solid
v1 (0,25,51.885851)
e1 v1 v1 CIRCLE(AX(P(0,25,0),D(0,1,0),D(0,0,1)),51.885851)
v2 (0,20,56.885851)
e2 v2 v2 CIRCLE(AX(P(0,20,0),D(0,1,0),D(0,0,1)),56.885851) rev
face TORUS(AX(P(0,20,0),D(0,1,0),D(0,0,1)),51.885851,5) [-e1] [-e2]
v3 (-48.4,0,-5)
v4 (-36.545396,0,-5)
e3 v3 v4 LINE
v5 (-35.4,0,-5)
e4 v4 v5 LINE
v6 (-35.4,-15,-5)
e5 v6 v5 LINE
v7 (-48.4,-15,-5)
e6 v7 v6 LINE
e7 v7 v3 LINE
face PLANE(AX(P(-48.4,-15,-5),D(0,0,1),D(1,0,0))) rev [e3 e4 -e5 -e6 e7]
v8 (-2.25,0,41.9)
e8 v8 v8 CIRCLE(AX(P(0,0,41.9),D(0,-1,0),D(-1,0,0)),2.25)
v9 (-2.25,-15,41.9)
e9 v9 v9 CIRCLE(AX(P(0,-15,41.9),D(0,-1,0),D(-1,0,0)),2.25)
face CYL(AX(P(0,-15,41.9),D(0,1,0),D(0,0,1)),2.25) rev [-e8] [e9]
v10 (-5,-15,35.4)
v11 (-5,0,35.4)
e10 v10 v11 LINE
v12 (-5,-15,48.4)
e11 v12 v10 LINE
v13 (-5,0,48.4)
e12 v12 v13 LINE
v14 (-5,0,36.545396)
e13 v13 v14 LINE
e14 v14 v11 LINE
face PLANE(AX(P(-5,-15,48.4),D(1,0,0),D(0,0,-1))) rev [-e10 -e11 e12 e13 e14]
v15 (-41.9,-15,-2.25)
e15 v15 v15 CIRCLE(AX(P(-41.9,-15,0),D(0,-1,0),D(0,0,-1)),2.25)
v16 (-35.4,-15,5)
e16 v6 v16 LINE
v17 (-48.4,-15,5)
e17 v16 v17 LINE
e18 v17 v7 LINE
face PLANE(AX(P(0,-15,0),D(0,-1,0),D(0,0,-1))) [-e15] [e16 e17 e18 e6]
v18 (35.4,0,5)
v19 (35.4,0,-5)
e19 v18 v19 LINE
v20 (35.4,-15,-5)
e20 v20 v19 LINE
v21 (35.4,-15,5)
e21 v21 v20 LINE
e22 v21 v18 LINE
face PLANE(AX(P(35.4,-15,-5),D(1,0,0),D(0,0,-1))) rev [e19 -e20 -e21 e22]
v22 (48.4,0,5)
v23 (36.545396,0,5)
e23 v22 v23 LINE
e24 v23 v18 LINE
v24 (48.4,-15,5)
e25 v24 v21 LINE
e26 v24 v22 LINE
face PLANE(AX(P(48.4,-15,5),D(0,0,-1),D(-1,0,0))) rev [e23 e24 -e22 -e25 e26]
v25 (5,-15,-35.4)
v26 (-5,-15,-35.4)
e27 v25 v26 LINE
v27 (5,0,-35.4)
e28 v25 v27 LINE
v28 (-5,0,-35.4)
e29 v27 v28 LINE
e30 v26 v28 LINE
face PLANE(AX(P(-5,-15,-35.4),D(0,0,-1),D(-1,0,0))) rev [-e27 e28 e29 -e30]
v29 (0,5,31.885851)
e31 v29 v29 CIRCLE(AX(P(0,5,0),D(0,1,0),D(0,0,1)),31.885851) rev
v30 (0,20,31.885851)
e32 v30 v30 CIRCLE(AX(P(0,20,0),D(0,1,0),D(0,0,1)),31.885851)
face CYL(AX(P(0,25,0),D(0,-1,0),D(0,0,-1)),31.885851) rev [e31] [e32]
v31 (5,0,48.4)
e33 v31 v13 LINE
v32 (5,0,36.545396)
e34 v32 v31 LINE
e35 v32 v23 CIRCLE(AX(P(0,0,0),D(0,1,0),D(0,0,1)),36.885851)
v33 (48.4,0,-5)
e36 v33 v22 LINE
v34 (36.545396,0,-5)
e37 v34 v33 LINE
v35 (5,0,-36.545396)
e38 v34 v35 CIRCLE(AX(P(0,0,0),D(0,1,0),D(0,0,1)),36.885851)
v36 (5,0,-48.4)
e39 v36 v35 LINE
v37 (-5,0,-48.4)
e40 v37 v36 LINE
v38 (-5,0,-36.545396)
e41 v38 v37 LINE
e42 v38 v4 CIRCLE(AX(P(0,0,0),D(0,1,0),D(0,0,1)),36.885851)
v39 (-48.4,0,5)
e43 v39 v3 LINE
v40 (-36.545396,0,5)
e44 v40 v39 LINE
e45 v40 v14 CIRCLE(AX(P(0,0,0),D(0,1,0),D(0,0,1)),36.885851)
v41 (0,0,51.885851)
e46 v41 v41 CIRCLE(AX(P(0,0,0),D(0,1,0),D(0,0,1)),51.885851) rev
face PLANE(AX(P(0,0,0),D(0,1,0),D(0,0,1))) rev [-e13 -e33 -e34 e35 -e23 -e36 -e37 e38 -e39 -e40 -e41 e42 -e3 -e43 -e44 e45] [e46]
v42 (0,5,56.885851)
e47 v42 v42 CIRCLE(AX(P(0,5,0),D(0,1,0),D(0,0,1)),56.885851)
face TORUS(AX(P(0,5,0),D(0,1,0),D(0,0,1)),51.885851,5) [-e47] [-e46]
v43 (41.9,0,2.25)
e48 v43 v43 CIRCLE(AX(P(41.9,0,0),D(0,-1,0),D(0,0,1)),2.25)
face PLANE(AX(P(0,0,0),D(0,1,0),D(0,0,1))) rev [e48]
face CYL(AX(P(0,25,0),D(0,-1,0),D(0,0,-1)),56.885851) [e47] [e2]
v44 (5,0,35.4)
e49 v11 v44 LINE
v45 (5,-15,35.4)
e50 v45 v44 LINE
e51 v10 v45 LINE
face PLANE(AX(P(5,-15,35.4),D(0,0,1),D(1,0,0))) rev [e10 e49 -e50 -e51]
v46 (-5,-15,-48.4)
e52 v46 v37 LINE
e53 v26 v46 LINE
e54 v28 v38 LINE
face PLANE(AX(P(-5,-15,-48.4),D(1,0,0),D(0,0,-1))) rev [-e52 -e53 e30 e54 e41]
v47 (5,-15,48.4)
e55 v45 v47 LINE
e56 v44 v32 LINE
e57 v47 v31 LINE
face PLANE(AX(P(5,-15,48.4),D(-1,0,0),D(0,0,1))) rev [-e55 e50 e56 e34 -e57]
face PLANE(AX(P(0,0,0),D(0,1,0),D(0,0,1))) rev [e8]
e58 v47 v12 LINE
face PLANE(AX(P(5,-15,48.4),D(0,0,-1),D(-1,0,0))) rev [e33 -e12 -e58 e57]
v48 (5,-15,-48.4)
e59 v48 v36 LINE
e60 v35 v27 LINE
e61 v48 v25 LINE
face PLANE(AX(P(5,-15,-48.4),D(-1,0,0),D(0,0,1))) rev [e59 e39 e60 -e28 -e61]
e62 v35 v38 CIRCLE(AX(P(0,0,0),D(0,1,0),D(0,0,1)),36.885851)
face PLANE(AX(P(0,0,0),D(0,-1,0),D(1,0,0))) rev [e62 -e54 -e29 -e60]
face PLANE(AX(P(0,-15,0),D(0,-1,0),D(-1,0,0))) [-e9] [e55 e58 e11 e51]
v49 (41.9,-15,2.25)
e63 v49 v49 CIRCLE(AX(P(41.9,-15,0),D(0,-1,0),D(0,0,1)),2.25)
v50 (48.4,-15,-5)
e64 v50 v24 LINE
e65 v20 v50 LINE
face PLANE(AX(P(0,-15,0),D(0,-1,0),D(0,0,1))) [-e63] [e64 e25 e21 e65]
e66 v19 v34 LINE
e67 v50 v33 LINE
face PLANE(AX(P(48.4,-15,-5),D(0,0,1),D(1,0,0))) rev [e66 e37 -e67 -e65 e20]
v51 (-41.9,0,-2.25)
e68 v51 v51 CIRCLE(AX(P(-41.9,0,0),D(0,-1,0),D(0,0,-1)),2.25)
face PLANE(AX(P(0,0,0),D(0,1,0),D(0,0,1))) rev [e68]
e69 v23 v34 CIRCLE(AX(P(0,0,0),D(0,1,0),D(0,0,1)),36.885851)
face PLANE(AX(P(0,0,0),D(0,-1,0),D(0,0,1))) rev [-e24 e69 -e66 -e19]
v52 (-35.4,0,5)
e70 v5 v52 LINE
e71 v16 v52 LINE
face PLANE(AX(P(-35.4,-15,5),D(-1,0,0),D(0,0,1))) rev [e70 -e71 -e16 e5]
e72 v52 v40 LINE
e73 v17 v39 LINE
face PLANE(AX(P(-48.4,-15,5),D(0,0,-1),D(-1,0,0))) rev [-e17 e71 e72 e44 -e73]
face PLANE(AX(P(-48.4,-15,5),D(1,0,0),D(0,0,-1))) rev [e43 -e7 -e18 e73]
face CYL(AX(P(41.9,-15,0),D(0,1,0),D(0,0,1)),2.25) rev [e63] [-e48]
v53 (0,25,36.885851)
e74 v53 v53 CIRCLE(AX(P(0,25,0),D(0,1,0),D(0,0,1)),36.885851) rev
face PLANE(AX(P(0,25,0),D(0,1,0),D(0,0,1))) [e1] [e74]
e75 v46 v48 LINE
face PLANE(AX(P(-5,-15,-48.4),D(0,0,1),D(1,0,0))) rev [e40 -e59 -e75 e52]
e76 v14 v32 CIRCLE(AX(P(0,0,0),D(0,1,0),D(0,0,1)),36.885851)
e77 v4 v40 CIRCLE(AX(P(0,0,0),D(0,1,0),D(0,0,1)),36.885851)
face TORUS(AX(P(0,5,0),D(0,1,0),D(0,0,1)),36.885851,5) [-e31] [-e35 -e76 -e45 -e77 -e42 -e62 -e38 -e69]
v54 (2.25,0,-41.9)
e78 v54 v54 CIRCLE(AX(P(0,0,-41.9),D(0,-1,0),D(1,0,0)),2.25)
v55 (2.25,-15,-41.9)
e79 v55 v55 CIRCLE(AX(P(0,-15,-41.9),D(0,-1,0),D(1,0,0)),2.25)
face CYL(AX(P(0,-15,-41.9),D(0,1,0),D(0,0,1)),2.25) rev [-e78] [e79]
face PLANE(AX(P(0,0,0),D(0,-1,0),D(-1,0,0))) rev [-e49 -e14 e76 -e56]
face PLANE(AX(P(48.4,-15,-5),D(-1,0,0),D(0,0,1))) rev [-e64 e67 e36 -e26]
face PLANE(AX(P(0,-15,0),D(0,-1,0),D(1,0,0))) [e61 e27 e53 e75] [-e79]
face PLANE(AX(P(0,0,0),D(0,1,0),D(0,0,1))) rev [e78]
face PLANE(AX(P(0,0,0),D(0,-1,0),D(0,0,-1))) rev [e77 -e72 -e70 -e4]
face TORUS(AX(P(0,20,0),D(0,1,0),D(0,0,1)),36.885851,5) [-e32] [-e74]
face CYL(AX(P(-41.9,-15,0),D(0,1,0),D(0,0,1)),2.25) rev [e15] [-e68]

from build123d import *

# Parameters (mm, degrees)
SKETCH_1_R               = 56.885850613
SKETCH_1_R_2             = 31.885850613
EXTRUDE_1_DEPTH          = 25
FILLET_1_R               = 5
SKETCH_2_W               = 13
SKETCH_2_H               = 10
SKETCH_2_R               = 2.25
EXTRUDE_1_2_DEPTH        = 15
PATTERN_CIRCULAR_1_COUNT = 4


with BuildPart() as part:
    # Эскиз1 → Extrude 1 (new body)
    with BuildSketch(Plane(origin=(0, 0, 16.5), x_dir=(1, 0, 0), z_dir=(0, 1, 0))):
        with Locations((0, 16.5)):
            Circle(SKETCH_1_R)
        with Locations((0, 16.5)):
            Circle(SKETCH_1_R_2, mode=Mode.SUBTRACT)
    extrude(amount=EXTRUDE_1_DEPTH)

    # Скругление1
    fillet_1_edges = [part.edges().sort_by_distance(p)[0] for p in [
        (-56.885850613, 0, 0),
        (-56.885850613, 25, 0),
        (-31.885850613, 0, 0),
        (-31.885850613, 25, 0),
    ]]
    fillet(fillet_1_edges, radius=FILLET_1_R)

    # Эскиз2 → Extrude 1 2 (add)
    with BuildSketch(Plane.XZ):
        with Locations((-41.9, 0)):
            Rectangle(SKETCH_2_W, SKETCH_2_H)
        with Locations(Location((-41.9, 0, 0), (0, 0, 270))):
            Circle(SKETCH_2_R, mode=Mode.SUBTRACT)
    extrude_1_2 = extrude(amount=EXTRUDE_1_2_DEPTH)

    # Круговой массив1: Extrude 1 2 ×4 about axis
    pattern_circular_1_axis = Axis((0, 0, 0), (0, 1, 0))
    for i in range(1, PATTERN_CIRCULAR_1_COUNT):
        add(extrude_1_2.rotate(pattern_circular_1_axis, i * 360 / PATTERN_CIRCULAR_1_COUNT))


solid = part.part
